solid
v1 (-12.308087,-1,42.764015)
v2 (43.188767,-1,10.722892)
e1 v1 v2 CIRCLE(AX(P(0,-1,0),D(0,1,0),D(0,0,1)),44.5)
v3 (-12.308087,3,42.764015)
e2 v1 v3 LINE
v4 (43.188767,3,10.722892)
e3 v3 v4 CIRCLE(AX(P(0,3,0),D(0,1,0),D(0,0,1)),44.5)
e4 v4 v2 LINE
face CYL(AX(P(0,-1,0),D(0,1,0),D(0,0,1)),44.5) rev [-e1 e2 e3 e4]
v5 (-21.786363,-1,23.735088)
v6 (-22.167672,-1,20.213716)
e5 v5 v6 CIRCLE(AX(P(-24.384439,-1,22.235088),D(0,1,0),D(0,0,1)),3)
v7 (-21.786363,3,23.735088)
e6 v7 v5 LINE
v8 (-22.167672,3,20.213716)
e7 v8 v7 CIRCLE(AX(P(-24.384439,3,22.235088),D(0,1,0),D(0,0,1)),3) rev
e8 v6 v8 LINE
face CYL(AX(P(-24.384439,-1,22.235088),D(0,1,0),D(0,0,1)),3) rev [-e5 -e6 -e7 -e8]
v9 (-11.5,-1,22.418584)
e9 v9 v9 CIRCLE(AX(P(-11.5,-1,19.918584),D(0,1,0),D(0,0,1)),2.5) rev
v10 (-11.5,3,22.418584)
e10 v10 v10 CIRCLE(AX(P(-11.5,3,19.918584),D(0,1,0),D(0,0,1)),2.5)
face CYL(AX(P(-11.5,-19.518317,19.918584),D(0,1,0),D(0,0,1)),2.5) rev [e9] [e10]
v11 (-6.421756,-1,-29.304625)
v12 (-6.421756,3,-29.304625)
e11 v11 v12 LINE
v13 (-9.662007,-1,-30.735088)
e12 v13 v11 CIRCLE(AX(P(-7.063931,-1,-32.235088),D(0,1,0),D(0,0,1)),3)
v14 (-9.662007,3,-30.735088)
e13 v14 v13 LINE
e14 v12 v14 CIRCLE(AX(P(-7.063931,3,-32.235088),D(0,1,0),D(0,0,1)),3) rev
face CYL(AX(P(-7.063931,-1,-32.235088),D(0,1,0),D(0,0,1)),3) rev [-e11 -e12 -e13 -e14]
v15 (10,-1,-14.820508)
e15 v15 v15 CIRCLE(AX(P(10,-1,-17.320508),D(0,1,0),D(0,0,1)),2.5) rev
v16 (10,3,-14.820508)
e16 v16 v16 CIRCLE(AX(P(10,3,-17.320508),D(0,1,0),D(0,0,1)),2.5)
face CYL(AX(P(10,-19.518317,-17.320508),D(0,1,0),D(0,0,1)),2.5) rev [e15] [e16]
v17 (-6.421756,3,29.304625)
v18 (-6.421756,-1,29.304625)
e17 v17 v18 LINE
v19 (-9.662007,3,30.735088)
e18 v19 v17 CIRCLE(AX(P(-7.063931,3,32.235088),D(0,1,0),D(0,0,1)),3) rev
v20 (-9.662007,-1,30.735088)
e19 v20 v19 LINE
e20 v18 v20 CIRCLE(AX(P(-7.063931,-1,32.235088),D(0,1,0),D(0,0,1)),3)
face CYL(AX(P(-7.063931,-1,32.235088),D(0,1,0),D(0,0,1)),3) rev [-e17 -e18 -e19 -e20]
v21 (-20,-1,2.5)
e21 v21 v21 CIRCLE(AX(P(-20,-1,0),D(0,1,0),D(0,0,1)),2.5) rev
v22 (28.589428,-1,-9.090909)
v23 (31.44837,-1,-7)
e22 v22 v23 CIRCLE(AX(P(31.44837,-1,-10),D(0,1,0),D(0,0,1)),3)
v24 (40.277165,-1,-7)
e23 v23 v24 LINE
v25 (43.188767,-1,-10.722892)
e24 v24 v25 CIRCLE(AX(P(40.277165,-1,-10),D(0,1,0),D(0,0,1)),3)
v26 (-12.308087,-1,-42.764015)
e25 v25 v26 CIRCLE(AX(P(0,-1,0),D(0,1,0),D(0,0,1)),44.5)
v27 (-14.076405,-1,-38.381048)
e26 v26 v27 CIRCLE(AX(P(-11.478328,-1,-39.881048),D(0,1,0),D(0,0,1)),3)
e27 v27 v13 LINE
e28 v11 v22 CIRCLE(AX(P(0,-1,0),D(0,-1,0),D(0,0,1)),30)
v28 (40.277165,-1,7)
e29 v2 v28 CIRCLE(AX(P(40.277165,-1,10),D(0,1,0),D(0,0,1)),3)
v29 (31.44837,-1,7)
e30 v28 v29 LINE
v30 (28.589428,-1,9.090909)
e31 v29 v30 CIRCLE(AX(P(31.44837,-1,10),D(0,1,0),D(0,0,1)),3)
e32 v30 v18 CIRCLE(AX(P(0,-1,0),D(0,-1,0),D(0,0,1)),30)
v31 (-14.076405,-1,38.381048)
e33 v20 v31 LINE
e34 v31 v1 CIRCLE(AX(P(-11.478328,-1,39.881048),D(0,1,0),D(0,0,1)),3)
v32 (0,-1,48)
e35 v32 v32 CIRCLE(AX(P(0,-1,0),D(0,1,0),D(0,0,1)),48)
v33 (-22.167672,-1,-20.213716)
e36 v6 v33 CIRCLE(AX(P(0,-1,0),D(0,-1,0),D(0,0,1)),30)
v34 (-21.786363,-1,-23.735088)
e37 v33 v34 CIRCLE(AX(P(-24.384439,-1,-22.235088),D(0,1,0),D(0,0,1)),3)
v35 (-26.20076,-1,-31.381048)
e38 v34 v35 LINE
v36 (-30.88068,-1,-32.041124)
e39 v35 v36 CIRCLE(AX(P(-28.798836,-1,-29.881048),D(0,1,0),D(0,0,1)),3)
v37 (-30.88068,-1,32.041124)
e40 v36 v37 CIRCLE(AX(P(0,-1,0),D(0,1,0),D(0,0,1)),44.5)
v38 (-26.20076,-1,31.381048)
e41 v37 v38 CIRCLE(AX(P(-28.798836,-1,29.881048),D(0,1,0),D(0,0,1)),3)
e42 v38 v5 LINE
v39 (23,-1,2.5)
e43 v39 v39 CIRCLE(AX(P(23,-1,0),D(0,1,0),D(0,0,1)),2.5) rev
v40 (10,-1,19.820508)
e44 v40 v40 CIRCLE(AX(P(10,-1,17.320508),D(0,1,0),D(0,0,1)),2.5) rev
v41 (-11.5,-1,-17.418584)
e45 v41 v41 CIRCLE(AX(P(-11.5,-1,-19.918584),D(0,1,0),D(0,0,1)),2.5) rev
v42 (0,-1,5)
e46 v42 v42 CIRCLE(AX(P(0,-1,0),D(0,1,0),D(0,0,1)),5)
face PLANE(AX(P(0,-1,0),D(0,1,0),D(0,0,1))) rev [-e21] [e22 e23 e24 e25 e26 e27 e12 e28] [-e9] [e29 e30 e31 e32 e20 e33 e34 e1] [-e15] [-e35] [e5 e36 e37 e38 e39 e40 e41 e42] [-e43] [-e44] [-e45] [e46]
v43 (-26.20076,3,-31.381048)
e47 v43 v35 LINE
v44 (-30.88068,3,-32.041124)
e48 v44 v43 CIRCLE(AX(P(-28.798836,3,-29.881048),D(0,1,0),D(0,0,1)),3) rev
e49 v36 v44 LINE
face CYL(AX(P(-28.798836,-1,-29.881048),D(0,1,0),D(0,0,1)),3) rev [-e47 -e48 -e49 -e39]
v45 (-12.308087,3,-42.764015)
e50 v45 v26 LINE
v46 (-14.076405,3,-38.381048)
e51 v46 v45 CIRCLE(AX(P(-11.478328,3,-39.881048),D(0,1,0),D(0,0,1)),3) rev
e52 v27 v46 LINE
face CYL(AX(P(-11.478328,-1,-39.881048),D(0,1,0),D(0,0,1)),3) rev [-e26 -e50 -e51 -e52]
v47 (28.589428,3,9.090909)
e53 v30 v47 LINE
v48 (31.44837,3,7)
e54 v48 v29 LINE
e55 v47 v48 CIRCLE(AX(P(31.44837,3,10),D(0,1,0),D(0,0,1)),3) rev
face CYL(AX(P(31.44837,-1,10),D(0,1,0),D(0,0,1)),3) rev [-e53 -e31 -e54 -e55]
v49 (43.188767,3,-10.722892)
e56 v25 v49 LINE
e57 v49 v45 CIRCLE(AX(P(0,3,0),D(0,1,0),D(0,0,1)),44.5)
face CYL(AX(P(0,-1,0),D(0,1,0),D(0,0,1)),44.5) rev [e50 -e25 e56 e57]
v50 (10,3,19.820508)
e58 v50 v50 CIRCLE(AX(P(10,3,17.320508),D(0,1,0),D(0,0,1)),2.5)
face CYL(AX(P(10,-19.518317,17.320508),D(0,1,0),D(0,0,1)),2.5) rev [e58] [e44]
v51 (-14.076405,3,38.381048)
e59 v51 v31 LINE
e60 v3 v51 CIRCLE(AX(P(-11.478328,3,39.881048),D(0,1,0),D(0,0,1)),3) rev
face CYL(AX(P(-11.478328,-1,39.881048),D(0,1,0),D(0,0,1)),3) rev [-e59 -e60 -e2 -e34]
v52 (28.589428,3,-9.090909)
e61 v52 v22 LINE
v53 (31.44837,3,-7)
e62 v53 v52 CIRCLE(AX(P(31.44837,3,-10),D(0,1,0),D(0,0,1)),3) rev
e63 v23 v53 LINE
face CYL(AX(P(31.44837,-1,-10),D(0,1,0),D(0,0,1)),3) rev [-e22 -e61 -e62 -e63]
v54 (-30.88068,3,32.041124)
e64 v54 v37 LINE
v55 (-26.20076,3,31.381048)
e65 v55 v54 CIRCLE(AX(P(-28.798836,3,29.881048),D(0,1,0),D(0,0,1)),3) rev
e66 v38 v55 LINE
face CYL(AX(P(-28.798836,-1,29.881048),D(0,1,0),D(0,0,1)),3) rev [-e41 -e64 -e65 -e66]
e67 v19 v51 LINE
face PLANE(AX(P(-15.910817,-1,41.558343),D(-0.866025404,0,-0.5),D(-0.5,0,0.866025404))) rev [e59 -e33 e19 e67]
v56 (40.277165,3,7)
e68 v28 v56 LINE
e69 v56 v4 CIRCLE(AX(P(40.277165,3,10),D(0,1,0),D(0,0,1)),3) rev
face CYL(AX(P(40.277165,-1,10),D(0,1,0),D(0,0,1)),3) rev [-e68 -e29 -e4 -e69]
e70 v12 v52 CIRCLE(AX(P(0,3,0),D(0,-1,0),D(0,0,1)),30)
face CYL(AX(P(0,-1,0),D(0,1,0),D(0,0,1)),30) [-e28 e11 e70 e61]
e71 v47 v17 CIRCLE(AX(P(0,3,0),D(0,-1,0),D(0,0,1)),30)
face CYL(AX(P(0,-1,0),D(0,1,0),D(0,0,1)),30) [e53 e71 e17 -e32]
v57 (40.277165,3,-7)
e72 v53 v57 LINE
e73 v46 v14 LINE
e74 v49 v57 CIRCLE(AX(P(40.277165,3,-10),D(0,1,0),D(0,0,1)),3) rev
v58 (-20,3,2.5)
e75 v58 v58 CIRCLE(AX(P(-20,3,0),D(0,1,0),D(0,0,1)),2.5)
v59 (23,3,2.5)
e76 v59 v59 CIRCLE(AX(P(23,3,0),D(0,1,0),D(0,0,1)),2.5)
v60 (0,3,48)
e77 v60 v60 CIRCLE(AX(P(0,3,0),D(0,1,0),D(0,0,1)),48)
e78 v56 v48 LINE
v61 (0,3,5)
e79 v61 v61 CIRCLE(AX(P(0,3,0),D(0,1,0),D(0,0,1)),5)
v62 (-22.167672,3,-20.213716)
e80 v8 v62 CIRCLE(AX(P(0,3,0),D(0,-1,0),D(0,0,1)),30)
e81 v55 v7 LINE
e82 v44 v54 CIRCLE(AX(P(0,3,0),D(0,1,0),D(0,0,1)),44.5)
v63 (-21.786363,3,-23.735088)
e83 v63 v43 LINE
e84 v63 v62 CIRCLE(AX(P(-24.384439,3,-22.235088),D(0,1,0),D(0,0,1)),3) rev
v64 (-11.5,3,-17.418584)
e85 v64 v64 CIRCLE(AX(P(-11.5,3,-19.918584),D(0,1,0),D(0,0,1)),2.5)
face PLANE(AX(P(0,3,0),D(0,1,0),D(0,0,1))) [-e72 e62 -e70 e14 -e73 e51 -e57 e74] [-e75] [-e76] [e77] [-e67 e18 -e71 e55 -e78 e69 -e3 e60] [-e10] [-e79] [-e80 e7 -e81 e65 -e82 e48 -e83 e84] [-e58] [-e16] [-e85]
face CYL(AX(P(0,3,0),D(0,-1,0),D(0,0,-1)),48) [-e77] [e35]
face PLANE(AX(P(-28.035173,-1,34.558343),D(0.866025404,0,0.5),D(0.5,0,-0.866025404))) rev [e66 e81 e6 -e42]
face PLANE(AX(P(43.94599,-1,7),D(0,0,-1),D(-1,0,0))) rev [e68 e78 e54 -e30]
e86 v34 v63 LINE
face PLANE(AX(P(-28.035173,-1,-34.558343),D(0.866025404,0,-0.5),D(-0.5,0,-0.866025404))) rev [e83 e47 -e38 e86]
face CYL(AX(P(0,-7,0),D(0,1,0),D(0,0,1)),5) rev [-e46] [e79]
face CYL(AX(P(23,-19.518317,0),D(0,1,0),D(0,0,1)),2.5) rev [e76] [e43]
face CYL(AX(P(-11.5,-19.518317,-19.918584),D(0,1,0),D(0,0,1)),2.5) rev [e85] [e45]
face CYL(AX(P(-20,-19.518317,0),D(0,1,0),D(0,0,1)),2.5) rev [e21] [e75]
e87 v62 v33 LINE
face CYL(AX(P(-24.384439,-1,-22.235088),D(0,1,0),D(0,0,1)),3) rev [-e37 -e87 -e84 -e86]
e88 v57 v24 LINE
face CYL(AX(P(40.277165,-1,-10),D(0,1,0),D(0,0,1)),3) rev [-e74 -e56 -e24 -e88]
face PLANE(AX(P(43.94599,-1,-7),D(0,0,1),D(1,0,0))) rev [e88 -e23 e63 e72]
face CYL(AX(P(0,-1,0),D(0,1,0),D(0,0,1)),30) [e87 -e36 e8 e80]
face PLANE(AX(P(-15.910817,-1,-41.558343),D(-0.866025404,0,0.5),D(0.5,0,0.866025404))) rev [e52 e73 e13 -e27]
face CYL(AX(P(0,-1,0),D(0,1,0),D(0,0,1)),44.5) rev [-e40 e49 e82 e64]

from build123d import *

# Parameters (mm, degrees)
SKETCH1_R           = 24
SKETCH1_R_2         = 2
SKETCH1_R_3         = 1.5
BOSS_EXTRUDE1_DEPTH = 2
CUT_EXTRUDE1_DEPTH  = 2
FILLET1_R           = 1.5
SKETCH3_R           = 1.75
CUT_EXTRUDE2_DEPTH  = 10
SCALE1_SCALE        = 2
SKETCH4_R           = 5
CUT_EXTRUDE3_DEPTH  = 10
SKETCH5_R           = 6.547213639
SKETCH5_R_2         = 2.5
SKETCH5_R_3         = 5.064875416
BOSS_EXTRUDE2_DEPTH = 4


with BuildPart() as part:
    # Sketch1 → Boss-Extrude1 (new body)
    with BuildSketch(Plane(origin=(0, 0, 0), x_dir=(1, 0, 0), z_dir=(0, 1, 0))):
        with Locations(Location((0, 0, 0), (0, 0, 270))):
            Circle(SKETCH1_R)
        with Locations(Location((0, 0, 0), (0, 0, 270))):
            Circle(SKETCH1_R_2, mode=Mode.SUBTRACT)
        with Locations(Location((11.5, 0, 0), (0, 0, 270))):
            Circle(SKETCH1_R_3, mode=Mode.SUBTRACT)
        with Locations(Location((-5.75, -9.959292144, 0), (0, 0, 270))):
            Circle(SKETCH1_R_3, mode=Mode.SUBTRACT)
        with Locations(Location((-5.75, 9.959292144, 0), (0, 0, 270))):
            Circle(SKETCH1_R_3, mode=Mode.SUBTRACT)
    extrude(amount=BOSS_EXTRUDE1_DEPTH)

    # Sketch2 → Cut-Extrude1 (cut)
    with BuildSketch(Plane(origin=(0, 2, 0), x_dir=(1, 0, 0), z_dir=(0, 1, 0))):
        with BuildLine():
            Line((21.972994789, 3.5), (14.585952146, 3.5))
            ThreePointArc((14.585952146, 3.5), (7.5, 12.990381057), (-4.26188716, 14.381805097))
            Line((-4.26188716, 14.381805097), (-7.955408481, 20.779171685))
            ThreePointArc((-7.955408481, 20.779171685), (11.125, 19.269065234), (21.972994789, 3.5))
        make_face()
        with BuildLine():
            Line((21.972994789, -3.5), (14.585952146, -3.5))
            ThreePointArc((14.585952146, -3.5), (7.5, -12.990381057), (-4.26188716, -14.381805097))
            Line((-4.26188716, -14.381805097), (-7.955408481, -20.779171685))
            ThreePointArc((-7.955408481, -20.779171685), (11.125, -19.269065234), (21.972994789, -3.5))
        make_face()
        with BuildLine():
            Line((-14.017586308, -17.279171685), (-10.324064986, -10.881805097))
            ThreePointArc((-10.324064986, -10.881805097), (-15, 0), (-10.324064986, 10.881805097))
            Line((-10.324064986, 10.881805097), (-14.017586308, 17.279171685))
            ThreePointArc((-14.017586308, 17.279171685), (-22.25, 0), (-14.017586308, -17.279171685))
        make_face()
    extrude(amount=-CUT_EXTRUDE1_DEPTH, mode=Mode.SUBTRACT)

    # Fillet1
    fillet1_edges = [part.edges().sort_by_distance(p)[0] for p in [
        (-7.955408481, 1, -20.779171685),
        (21.972994789, 1, -3.5),
        (14.585952146, 1, -3.5),
        (-4.26188716, 1, -14.381805097),
        (-14.017586308, 1, 17.279171685),
        (-14.017586308, 1, -17.279171685),
        (-10.324064986, 1, -10.881805097),
        (-10.324064986, 1, 10.881805097),
        (21.972994789, 1, 3.5),
        (-7.955408481, 1, 20.779171685),
        (-4.26188716, 1, 14.381805097),
        (14.585952146, 1, 3.5),
    ]]
    fillet(fillet1_edges, radius=FILLET1_R)

    # Sketch3 → Cut-Extrude2 (cut)
    with BuildSketch(Plane(origin=(0, 2, 0), x_dir=(1, 0, 0), z_dir=(0, 1, 0))):
        with Locations(Location((5, 8.660254038, 0), (0, 0, 270))):
            Circle(SKETCH3_R)
        with Locations(Location((5, -8.660254038, 0), (0, 0, 270))):
            Circle(SKETCH3_R)
        with Locations(Location((-10, 0, 0), (0, 0, 270))):
            Circle(SKETCH3_R)
    extrude(amount=-CUT_EXTRUDE2_DEPTH, mode=Mode.SUBTRACT)


with BuildPart() as part_1:
    # Scale1: scaled about (0, 1, 0)
    add(part.part.scale(SCALE1_SCALE).moved(Location((0, -1, 0))))

    # Sketch4 → Cut-Extrude3 (cut)
    with BuildSketch(Plane(origin=(0, 3, 0), x_dir=(1, 0, 0), z_dir=(0, 1, 0))):
        with Locations(Location((0, 0, 0), (0, 0, 270))):
            Circle(SKETCH4_R)
    extrude(amount=-CUT_EXTRUDE3_DEPTH, mode=Mode.SUBTRACT)

    # Sketch5 → Boss-Extrude2 (add)
    # profile 1 of 6: a face of its own
    with BuildSketch(Plane(origin=(0, 3, 0), x_dir=(1, 0, 0), z_dir=(0, 1, 0))):
        with Locations((10, 17.320508076)):
            Circle(SKETCH5_R)
        with Locations(Location((10, 17.320508076, 0), (0, 0, 270))):
            Circle(SKETCH5_R_2, mode=Mode.SUBTRACT)
    # profile 2 of 6: a face of its own
    with BuildSketch(Plane(origin=(0, 3, 0), x_dir=(1, 0, 0), z_dir=(0, 1, 0))):
        with Locations((10, -17.320508076)):
            Circle(SKETCH5_R)
        with Locations(Location((10, -17.320508076, 0), (0, 0, 270))):
            Circle(SKETCH5_R_2, mode=Mode.SUBTRACT)
    # profile 3 of 6: a face of its own
    with BuildSketch(Plane(origin=(0, 3, 0), x_dir=(1, 0, 0), z_dir=(0, 1, 0))):
        with Locations((-20, 0)):
            Circle(SKETCH5_R)
        with Locations(Location((-20, 0, 0), (0, 0, 270))):
            Circle(SKETCH5_R_2, mode=Mode.SUBTRACT)
    # profile 4 of 6: a face of its own
    with BuildSketch(Plane(origin=(0, 3, 0), x_dir=(1, 0, 0), z_dir=(0, 1, 0))):
        with Locations((-11.5, 19.918584287)):
            Circle(SKETCH5_R_3)
        with Locations(Location((-11.5, 19.918584287, 0), (0, 0, 270))):
            Circle(SKETCH5_R_2, mode=Mode.SUBTRACT)
    # profile 5 of 6: a face of its own
    with BuildSketch(Plane(origin=(0, 3, 0), x_dir=(1, 0, 0), z_dir=(0, 1, 0))):
        with Locations((23, 0)):
            Circle(SKETCH5_R_3)
        with Locations(Location((23, 0, 0), (0, 0, 270))):
            Circle(SKETCH5_R_2, mode=Mode.SUBTRACT)
    # profile 6 of 6: a face of its own
    with BuildSketch(Plane(origin=(0, 3, 0), x_dir=(1, 0, 0), z_dir=(0, 1, 0))):
        with Locations((-11.5, -19.918584287)):
            Circle(SKETCH5_R_3)
        with Locations(Location((-11.5, -19.918584287, 0), (0, 0, 270))):
            Circle(SKETCH5_R_2, mode=Mode.SUBTRACT)
    extrude(amount=-BOSS_EXTRUDE2_DEPTH)


solid = part_1.part
